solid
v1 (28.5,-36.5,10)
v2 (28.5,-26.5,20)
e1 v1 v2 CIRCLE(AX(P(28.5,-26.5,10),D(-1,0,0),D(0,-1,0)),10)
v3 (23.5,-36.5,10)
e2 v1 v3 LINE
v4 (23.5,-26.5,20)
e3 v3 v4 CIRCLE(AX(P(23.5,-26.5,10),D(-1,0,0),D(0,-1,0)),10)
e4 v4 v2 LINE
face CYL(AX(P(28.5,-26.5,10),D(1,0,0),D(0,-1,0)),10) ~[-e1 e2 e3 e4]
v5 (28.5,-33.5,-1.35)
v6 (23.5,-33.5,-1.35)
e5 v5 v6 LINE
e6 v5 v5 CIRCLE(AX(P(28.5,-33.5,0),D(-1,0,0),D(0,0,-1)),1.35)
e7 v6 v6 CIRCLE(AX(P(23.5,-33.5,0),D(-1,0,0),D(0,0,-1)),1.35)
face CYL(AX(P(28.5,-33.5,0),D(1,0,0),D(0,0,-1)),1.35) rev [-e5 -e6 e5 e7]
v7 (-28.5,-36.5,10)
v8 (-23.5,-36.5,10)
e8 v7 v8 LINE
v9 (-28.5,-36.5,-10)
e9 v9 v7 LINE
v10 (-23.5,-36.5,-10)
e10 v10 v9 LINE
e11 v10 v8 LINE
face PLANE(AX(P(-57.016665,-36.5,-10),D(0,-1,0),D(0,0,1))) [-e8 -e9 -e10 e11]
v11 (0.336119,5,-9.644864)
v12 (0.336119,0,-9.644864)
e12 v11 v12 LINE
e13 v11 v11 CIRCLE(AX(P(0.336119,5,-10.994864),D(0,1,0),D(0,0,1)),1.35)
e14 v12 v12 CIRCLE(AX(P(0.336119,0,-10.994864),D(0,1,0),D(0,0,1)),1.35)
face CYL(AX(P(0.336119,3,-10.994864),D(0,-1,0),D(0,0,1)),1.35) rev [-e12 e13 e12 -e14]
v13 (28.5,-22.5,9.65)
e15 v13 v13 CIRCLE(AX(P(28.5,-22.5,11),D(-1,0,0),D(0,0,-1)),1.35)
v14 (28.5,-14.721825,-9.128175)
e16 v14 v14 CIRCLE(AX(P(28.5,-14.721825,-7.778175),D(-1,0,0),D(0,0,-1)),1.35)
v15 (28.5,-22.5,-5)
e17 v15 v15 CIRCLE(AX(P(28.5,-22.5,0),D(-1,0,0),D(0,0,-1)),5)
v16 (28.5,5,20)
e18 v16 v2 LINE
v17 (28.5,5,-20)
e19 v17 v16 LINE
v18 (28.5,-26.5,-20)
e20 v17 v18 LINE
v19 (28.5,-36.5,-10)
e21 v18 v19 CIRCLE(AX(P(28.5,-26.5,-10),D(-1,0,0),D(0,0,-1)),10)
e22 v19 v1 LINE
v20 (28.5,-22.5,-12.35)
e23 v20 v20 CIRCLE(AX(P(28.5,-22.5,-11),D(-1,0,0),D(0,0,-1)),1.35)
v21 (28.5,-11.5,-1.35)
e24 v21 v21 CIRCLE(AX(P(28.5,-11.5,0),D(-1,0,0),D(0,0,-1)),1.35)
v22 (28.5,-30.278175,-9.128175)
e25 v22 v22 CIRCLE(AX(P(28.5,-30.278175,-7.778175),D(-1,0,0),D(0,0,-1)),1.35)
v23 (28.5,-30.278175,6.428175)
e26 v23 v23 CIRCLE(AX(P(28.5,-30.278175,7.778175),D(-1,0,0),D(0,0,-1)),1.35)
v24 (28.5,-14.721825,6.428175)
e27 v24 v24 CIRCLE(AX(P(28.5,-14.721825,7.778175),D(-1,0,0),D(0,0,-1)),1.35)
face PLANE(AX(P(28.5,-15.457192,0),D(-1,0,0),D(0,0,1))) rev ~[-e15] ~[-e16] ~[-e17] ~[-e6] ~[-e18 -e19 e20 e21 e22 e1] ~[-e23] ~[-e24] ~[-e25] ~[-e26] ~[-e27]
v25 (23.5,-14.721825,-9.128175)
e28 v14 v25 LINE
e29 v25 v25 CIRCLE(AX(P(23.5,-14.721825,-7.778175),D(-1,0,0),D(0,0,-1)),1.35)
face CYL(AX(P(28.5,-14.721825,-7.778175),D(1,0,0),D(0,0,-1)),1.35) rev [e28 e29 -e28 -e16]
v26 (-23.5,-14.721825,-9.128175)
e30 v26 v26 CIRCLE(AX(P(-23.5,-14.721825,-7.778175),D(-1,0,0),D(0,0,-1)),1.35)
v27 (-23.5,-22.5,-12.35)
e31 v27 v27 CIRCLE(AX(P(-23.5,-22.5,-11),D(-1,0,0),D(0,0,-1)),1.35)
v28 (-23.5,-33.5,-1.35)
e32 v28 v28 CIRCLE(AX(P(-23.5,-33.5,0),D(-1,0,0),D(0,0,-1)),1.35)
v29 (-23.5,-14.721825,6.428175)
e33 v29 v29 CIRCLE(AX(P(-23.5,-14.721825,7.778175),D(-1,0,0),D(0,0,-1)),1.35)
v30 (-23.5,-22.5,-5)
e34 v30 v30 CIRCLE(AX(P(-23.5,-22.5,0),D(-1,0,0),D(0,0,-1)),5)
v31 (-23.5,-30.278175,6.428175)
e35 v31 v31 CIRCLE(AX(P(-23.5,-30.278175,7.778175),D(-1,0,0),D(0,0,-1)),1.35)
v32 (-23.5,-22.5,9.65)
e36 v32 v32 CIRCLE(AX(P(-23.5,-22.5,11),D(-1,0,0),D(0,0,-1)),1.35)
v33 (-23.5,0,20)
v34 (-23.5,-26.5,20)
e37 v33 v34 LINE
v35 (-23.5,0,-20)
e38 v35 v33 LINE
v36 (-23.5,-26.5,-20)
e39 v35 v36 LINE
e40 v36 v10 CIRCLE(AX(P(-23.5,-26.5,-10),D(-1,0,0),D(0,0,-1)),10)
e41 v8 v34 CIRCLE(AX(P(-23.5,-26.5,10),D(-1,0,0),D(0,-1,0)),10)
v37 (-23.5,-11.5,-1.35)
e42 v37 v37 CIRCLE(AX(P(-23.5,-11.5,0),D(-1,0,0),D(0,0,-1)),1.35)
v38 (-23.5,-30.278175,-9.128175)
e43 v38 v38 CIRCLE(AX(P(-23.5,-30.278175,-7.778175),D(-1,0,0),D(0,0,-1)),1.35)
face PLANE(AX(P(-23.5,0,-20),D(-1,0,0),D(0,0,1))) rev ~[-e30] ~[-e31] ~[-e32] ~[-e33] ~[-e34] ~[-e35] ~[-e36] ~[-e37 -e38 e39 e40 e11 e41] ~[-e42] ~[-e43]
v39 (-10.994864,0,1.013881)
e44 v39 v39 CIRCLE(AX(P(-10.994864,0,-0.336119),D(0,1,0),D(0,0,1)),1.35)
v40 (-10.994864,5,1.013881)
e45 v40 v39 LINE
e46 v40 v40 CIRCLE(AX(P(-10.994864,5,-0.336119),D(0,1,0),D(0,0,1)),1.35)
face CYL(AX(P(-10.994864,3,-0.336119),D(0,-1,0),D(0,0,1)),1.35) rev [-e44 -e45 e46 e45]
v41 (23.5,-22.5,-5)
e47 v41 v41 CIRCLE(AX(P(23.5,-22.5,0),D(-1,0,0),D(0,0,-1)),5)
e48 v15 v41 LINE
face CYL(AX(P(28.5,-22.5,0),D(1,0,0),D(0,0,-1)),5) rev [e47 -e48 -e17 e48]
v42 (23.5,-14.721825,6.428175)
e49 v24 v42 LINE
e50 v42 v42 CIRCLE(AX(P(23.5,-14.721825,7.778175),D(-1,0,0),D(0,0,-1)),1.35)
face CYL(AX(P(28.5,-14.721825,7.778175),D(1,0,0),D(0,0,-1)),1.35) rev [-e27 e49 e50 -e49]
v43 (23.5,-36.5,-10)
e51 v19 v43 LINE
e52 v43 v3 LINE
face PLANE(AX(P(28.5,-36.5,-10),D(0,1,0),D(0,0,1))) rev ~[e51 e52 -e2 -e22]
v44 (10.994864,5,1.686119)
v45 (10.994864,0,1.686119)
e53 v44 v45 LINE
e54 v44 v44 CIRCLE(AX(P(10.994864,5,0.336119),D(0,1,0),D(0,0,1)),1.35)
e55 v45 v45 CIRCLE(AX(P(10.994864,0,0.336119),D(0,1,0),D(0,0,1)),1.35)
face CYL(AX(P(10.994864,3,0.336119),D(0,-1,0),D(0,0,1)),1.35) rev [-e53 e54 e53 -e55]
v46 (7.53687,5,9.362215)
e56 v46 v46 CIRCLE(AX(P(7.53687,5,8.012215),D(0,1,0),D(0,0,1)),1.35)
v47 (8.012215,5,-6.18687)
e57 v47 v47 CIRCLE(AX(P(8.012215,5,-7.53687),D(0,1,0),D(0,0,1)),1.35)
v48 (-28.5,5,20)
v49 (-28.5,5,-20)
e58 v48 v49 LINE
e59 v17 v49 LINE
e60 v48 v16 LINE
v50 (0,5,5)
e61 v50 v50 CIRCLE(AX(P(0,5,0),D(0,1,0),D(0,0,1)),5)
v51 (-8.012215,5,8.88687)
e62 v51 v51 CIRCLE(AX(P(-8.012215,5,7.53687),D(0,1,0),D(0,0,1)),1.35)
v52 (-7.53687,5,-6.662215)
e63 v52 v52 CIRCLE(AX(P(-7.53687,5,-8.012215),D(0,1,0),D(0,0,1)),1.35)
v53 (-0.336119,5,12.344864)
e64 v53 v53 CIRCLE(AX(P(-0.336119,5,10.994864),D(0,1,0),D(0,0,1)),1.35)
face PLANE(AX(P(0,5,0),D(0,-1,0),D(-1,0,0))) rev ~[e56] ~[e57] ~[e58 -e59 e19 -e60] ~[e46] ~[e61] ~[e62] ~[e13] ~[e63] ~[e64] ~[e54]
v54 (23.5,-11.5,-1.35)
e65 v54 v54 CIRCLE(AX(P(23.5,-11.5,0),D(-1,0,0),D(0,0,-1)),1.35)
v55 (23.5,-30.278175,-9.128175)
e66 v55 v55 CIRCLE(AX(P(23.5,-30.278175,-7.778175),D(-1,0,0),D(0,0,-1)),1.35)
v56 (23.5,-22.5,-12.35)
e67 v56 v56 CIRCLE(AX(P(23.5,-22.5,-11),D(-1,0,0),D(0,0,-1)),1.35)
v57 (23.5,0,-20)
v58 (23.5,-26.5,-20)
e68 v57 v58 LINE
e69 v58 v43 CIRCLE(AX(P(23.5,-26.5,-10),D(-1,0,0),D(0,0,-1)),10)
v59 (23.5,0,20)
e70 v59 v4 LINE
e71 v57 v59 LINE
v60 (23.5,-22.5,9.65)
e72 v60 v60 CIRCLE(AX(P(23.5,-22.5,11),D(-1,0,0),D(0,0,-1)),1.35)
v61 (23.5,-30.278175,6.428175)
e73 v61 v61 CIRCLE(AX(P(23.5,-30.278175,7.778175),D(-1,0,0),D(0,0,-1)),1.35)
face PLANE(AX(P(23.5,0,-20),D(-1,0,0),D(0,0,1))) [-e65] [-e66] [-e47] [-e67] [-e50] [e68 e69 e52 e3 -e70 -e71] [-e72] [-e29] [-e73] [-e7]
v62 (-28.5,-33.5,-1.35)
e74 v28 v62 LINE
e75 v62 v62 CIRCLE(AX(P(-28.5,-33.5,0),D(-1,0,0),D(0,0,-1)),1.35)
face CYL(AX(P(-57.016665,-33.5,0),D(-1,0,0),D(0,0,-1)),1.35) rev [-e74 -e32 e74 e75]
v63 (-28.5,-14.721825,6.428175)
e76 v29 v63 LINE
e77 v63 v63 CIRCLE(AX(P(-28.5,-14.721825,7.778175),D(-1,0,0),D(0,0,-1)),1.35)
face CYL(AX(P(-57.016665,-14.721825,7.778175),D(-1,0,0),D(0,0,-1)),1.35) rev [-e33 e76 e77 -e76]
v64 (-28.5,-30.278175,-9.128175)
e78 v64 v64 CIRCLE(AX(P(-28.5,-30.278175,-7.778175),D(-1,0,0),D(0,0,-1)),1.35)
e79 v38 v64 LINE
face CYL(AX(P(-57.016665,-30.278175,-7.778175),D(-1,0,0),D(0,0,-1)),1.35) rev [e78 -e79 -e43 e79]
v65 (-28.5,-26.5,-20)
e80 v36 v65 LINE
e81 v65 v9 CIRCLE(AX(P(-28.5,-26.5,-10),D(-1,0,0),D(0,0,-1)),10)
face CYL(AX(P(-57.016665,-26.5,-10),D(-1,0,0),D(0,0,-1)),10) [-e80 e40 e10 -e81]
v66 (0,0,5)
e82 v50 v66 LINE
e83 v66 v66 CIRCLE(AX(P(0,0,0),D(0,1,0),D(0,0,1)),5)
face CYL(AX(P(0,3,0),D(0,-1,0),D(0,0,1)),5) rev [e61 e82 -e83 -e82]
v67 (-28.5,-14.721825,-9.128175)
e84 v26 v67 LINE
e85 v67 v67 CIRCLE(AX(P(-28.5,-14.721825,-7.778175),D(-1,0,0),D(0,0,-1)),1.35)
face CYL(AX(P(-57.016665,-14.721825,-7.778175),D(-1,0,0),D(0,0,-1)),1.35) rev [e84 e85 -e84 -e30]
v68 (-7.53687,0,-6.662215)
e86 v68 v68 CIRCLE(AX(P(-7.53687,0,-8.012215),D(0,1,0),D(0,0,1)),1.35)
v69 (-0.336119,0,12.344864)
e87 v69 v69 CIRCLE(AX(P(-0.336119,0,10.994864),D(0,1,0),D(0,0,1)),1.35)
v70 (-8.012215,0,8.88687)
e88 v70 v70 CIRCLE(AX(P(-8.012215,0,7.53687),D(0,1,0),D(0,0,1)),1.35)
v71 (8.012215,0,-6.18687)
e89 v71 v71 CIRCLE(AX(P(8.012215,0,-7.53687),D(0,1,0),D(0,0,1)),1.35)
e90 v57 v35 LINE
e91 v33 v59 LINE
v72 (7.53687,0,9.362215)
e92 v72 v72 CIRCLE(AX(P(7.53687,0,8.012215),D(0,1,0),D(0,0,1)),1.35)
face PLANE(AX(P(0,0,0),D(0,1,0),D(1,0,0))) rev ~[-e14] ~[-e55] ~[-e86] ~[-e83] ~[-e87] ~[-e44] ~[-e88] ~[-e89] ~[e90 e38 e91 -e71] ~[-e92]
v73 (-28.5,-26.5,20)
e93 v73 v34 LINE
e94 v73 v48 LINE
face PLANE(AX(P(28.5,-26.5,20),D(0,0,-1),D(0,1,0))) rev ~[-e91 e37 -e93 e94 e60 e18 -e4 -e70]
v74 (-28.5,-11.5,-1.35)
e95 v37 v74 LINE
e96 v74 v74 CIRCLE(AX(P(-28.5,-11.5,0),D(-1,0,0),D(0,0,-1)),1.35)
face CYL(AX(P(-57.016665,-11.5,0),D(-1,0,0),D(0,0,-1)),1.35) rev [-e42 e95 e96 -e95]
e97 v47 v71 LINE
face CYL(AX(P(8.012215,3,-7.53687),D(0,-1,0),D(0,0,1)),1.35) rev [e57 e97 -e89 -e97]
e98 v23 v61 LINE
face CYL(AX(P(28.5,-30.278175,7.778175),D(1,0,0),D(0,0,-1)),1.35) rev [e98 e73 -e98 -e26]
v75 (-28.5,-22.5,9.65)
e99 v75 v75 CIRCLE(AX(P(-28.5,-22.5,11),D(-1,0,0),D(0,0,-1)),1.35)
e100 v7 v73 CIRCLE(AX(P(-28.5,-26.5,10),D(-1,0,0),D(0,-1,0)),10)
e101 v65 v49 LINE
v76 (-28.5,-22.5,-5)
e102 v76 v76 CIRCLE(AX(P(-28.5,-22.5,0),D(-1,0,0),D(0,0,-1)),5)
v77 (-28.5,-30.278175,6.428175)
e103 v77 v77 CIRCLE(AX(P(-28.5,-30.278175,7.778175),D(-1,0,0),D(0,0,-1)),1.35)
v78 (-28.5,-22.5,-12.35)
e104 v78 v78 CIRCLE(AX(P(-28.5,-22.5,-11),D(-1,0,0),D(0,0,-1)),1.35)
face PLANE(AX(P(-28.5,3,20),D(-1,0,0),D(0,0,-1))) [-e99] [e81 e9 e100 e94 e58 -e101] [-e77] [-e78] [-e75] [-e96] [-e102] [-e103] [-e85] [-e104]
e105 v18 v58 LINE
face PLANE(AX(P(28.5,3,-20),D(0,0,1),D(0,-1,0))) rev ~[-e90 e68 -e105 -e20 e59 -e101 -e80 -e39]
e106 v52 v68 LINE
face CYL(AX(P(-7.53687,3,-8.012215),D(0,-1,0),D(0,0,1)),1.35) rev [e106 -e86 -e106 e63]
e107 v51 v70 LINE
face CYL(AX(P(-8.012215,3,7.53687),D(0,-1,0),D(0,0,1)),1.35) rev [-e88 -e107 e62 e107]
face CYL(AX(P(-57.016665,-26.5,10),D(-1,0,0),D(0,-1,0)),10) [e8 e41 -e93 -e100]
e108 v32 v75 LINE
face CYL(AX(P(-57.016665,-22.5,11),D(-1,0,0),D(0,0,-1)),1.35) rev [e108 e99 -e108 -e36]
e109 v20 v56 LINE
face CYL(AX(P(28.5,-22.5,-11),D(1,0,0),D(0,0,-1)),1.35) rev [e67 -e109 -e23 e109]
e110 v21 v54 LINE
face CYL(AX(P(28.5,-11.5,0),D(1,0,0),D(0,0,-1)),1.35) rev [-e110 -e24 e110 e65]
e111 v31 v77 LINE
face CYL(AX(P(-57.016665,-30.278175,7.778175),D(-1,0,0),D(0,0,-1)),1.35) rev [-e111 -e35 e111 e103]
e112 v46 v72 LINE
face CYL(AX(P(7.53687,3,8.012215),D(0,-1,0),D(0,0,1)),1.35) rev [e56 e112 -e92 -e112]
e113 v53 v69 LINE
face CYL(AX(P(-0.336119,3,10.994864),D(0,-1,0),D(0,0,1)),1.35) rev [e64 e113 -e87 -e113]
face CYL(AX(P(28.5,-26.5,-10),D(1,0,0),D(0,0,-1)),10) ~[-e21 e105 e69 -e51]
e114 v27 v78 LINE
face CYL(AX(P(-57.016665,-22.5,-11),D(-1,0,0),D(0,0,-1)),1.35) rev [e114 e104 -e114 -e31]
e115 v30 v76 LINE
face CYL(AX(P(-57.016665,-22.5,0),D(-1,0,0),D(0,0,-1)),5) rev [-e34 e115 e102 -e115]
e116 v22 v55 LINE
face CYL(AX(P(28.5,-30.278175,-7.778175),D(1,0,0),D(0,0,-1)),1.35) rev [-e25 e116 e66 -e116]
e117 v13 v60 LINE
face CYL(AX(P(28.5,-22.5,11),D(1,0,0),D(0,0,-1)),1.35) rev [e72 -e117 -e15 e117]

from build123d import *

# Parameters (mm, degrees)
SKETCH4_R               = 5
SKETCH4_R_2             = 1.35
BOSS_EXTRUDE1_DEPTH     = 3
SKETCH5_W               = 3
SKETCH5_H               = 40
BOSS_EXTRUDE2_DEPTH     = 60
CUT_EXTRUDE1_DEPTH      = 83.516664984
CUT_EXTRUDE1_DEPTH_BACK = 83.516664984
SKETCH7_R               = 5
SKETCH7_R_2             = 1.35
SKETCH8_R               = 5
SKETCH8_R_2             = 1.35
BOSS_EXTRUDE3_DEPTH     = 2
BOSS_EXTRUDE4_START     = -5
SKETCH10_R              = 5
SKETCH10_R_2            = 1.35
BOSS_EXTRUDE4_DEPTH     = 5
BOSS_EXTRUDE5_START     = -57
BOSS_EXTRUDE5_DEPTH     = 5


with BuildPart() as part:
    # Sketch4 → Boss-Extrude1 (new body)
    with BuildSketch(Plane(origin=(0, 0, 0), x_dir=(1, 0, 0), z_dir=(0, 1, 0))):
        Polygon((0, -20), (26.5, -20), (26.5, 20), (0, 20), (-26.5, 20), (-26.5, -20), align=None)
        with Locations(Location((0, 0, 0), (0, 0, 270))):
            Circle(SKETCH4_R, mode=Mode.SUBTRACT)
        with Locations(Location((8.012214677, 7.536870436, 0), (0, 0, 270))):
            Circle(SKETCH4_R_2, mode=Mode.SUBTRACT)
        with Locations(Location((10.994863525, -0.336119137, 0), (0, 0, 270))):
            Circle(SKETCH4_R_2, mode=Mode.SUBTRACT)
        with Locations(Location((0.336119137, 10.994863525, 0), (0, 0, 270))):
            Circle(SKETCH4_R_2, mode=Mode.SUBTRACT)
        with Locations(Location((-7.536870436, 8.012214677, 0), (0, 0, 270))):
            Circle(SKETCH4_R_2, mode=Mode.SUBTRACT)
        with Locations(Location((-10.994863525, 0.336119137, 0), (0, 0, 270))):
            Circle(SKETCH4_R_2, mode=Mode.SUBTRACT)
        with Locations(Location((-8.012214677, -7.536870436, 0), (0, 0, 270))):
            Circle(SKETCH4_R_2, mode=Mode.SUBTRACT)
        with Locations(Location((-0.336119137, -10.994863525, 0), (0, 0, 270))):
            Circle(SKETCH4_R_2, mode=Mode.SUBTRACT)
        with Locations(Location((7.536870436, -8.012214677, 0), (0, 0, 270))):
            Circle(SKETCH4_R_2, mode=Mode.SUBTRACT)
    extrude(amount=BOSS_EXTRUDE1_DEPTH)

    # Sketch5 → Boss-Extrude2 (add)
    with BuildSketch(Plane.XZ):
        with Locations((-25, 0)):
            Rectangle(SKETCH5_W, SKETCH5_H)
        with Locations((25, 0)):
            Rectangle(SKETCH5_W, SKETCH5_H)
    extrude(amount=BOSS_EXTRUDE2_DEPTH)

    # Sketch7 → Cut-Extrude1 (cut, two sides: drawn at the far end of the back side and taken through both)
    with BuildSketch(Plane(origin=(26.5, 0, 0), x_dir=(0, 0, -1), z_dir=(1, 0, 0)).offset(-CUT_EXTRUDE1_DEPTH_BACK)):
        with BuildLine():
            ThreePointArc((-10, -36.5), (-17.071067812, -33.571067812), (-20, -26.5))
            Line((-20, -26.5), (-20, -60))
            Line((-20, -60), (20, -60))
            Line((20, -60), (20, -26.5))
            ThreePointArc((20, -26.5), (17.071067812, -33.571067812), (10, -36.5))
            Line((10, -36.5), (-10, -36.5))
        make_face()
        with Locations((0, -22.5)):
            Circle(SKETCH7_R)
        with Locations((0, -11.5)):
            Circle(SKETCH7_R_2)
        with Locations((7.778174593, -14.721825407)):
            Circle(SKETCH7_R_2)
        with Locations((11, -22.5)):
            Circle(SKETCH7_R_2)
        with Locations((7.778174593, -30.278174593)):
            Circle(SKETCH7_R_2)
        with Locations((0, -33.5)):
            Circle(SKETCH7_R_2)
        with Locations((-7.778174593, -30.278174593)):
            Circle(SKETCH7_R_2)
        with Locations((-11, -22.5)):
            Circle(SKETCH7_R_2)
        with Locations((-7.778174593, -14.721825407)):
            Circle(SKETCH7_R_2)
    extrude(amount=CUT_EXTRUDE1_DEPTH + CUT_EXTRUDE1_DEPTH_BACK, mode=Mode.SUBTRACT)

    # Sketch8 → Boss-Extrude3 (add)
    with BuildSketch(Plane(origin=(0, 3, 0), x_dir=(1, 0, 0), z_dir=(0, 1, 0))):
        Polygon((-26.5, 20), (26.5, 20), (28.5, 20), (28.5, -20), (26.5, -20), (-26.5, -20), (-28.5, -20), (-28.5, 20), align=None)
        with Locations(Location((0, 0, 0), (0, 0, 270))):
            Circle(SKETCH8_R, mode=Mode.SUBTRACT)
        with Locations(Location((8.012214677, 7.536870436, 0), (0, 0, 270))):
            Circle(SKETCH8_R_2, mode=Mode.SUBTRACT)
        with Locations(Location((0.336119137, 10.994863525, 0), (0, 0, 270))):
            Circle(SKETCH8_R_2, mode=Mode.SUBTRACT)
        with Locations(Location((-7.536870436, 8.012214677, 0), (0, 0, 270))):
            Circle(SKETCH8_R_2, mode=Mode.SUBTRACT)
        with Locations(Location((-10.994863525, 0.336119137, 0), (0, 0, 270))):
            Circle(SKETCH8_R_2, mode=Mode.SUBTRACT)
        with Locations(Location((-8.012214677, -7.536870436, 0), (0, 0, 270))):
            Circle(SKETCH8_R_2, mode=Mode.SUBTRACT)
        with Locations(Location((-0.336119137, -10.994863525, 0), (0, 0, 270))):
            Circle(SKETCH8_R_2, mode=Mode.SUBTRACT)
        with Locations(Location((7.536870436, -8.012214677, 0), (0, 0, 270))):
            Circle(SKETCH8_R_2, mode=Mode.SUBTRACT)
        with Locations(Location((10.994863525, -0.336119137, 0), (0, 0, 270))):
            Circle(SKETCH8_R_2, mode=Mode.SUBTRACT)
    extrude(amount=BOSS_EXTRUDE3_DEPTH)

    # Sketch10 → Boss-Extrude4 (add)
    with BuildSketch(Plane.ZY.offset(28.5).offset(BOSS_EXTRUDE4_START)):
        with BuildLine():
            Line((-20, 3), (-20, -26.5))
            ThreePointArc((-20, -26.5), (-17.071067812, -33.571067812), (-10, -36.5))
            Line((-10, -36.5), (10, -36.5))
            ThreePointArc((10, -36.5), (17.071067812, -33.571067812), (20, -26.5))
            Line((20, -26.5), (20, 3))
            Line((20, 3), (-20, 3))
        make_face()
        with Locations(Location((0, -22.5, 0), (0, 0, 180))):
            Circle(SKETCH10_R, mode=Mode.SUBTRACT)
        with Locations(Location((-7.778174593, -14.721825407, 0), (0, 0, 180))):
            Circle(SKETCH10_R_2, mode=Mode.SUBTRACT)
        with Locations(Location((-11, -22.5, 0), (0, 0, 180))):
            Circle(SKETCH10_R_2, mode=Mode.SUBTRACT)
        with Locations(Location((-7.778174593, -30.278174593, 0), (0, 0, 180))):
            Circle(SKETCH10_R_2, mode=Mode.SUBTRACT)
        with Locations(Location((0, -33.5, 0), (0, 0, 180))):
            Circle(SKETCH10_R_2, mode=Mode.SUBTRACT)
        with Locations(Location((7.778174593, -30.278174593, 0), (0, 0, 180))):
            Circle(SKETCH10_R_2, mode=Mode.SUBTRACT)
        with Locations(Location((11, -22.5, 0), (0, 0, 180))):
            Circle(SKETCH10_R_2, mode=Mode.SUBTRACT)
        with Locations(Location((7.778174593, -14.721825407, 0), (0, 0, 180))):
            Circle(SKETCH10_R_2, mode=Mode.SUBTRACT)
        with Locations(Location((0, -11.5, 0), (0, 0, 180))):
            Circle(SKETCH10_R_2, mode=Mode.SUBTRACT)
    extrude(amount=BOSS_EXTRUDE4_DEPTH)

    # Sketch10 → Boss-Extrude5 (add)
    with BuildSketch(Plane.ZY.offset(28.5).offset(BOSS_EXTRUDE5_START)):
        with BuildLine():
            Line((-20, 3), (-20, -26.5))
            ThreePointArc((-20, -26.5), (-17.071067812, -33.571067812), (-10, -36.5))
            Line((-10, -36.5), (10, -36.5))
            ThreePointArc((10, -36.5), (17.071067812, -33.571067812), (20, -26.5))
            Line((20, -26.5), (20, 3))
            Line((20, 3), (-20, 3))
        make_face()
        with Locations(Location((0, -22.5, 0), (0, 0, 180))):
            Circle(SKETCH10_R, mode=Mode.SUBTRACT)
        with Locations(Location((-7.778174593, -14.721825407, 0), (0, 0, 180))):
            Circle(SKETCH10_R_2, mode=Mode.SUBTRACT)
        with Locations(Location((-11, -22.5, 0), (0, 0, 180))):
            Circle(SKETCH10_R_2, mode=Mode.SUBTRACT)
        with Locations(Location((-7.778174593, -30.278174593, 0), (0, 0, 180))):
            Circle(SKETCH10_R_2, mode=Mode.SUBTRACT)
        with Locations(Location((0, -33.5, 0), (0, 0, 180))):
            Circle(SKETCH10_R_2, mode=Mode.SUBTRACT)
        with Locations(Location((7.778174593, -30.278174593, 0), (0, 0, 180))):
            Circle(SKETCH10_R_2, mode=Mode.SUBTRACT)
        with Locations(Location((11, -22.5, 0), (0, 0, 180))):
            Circle(SKETCH10_R_2, mode=Mode.SUBTRACT)
        with Locations(Location((7.778174593, -14.721825407, 0), (0, 0, 180))):
            Circle(SKETCH10_R_2, mode=Mode.SUBTRACT)
        with Locations(Location((0, -11.5, 0), (0, 0, 180))):
            Circle(SKETCH10_R_2, mode=Mode.SUBTRACT)
    extrude(amount=BOSS_EXTRUDE5_DEPTH)


solid = part.part
